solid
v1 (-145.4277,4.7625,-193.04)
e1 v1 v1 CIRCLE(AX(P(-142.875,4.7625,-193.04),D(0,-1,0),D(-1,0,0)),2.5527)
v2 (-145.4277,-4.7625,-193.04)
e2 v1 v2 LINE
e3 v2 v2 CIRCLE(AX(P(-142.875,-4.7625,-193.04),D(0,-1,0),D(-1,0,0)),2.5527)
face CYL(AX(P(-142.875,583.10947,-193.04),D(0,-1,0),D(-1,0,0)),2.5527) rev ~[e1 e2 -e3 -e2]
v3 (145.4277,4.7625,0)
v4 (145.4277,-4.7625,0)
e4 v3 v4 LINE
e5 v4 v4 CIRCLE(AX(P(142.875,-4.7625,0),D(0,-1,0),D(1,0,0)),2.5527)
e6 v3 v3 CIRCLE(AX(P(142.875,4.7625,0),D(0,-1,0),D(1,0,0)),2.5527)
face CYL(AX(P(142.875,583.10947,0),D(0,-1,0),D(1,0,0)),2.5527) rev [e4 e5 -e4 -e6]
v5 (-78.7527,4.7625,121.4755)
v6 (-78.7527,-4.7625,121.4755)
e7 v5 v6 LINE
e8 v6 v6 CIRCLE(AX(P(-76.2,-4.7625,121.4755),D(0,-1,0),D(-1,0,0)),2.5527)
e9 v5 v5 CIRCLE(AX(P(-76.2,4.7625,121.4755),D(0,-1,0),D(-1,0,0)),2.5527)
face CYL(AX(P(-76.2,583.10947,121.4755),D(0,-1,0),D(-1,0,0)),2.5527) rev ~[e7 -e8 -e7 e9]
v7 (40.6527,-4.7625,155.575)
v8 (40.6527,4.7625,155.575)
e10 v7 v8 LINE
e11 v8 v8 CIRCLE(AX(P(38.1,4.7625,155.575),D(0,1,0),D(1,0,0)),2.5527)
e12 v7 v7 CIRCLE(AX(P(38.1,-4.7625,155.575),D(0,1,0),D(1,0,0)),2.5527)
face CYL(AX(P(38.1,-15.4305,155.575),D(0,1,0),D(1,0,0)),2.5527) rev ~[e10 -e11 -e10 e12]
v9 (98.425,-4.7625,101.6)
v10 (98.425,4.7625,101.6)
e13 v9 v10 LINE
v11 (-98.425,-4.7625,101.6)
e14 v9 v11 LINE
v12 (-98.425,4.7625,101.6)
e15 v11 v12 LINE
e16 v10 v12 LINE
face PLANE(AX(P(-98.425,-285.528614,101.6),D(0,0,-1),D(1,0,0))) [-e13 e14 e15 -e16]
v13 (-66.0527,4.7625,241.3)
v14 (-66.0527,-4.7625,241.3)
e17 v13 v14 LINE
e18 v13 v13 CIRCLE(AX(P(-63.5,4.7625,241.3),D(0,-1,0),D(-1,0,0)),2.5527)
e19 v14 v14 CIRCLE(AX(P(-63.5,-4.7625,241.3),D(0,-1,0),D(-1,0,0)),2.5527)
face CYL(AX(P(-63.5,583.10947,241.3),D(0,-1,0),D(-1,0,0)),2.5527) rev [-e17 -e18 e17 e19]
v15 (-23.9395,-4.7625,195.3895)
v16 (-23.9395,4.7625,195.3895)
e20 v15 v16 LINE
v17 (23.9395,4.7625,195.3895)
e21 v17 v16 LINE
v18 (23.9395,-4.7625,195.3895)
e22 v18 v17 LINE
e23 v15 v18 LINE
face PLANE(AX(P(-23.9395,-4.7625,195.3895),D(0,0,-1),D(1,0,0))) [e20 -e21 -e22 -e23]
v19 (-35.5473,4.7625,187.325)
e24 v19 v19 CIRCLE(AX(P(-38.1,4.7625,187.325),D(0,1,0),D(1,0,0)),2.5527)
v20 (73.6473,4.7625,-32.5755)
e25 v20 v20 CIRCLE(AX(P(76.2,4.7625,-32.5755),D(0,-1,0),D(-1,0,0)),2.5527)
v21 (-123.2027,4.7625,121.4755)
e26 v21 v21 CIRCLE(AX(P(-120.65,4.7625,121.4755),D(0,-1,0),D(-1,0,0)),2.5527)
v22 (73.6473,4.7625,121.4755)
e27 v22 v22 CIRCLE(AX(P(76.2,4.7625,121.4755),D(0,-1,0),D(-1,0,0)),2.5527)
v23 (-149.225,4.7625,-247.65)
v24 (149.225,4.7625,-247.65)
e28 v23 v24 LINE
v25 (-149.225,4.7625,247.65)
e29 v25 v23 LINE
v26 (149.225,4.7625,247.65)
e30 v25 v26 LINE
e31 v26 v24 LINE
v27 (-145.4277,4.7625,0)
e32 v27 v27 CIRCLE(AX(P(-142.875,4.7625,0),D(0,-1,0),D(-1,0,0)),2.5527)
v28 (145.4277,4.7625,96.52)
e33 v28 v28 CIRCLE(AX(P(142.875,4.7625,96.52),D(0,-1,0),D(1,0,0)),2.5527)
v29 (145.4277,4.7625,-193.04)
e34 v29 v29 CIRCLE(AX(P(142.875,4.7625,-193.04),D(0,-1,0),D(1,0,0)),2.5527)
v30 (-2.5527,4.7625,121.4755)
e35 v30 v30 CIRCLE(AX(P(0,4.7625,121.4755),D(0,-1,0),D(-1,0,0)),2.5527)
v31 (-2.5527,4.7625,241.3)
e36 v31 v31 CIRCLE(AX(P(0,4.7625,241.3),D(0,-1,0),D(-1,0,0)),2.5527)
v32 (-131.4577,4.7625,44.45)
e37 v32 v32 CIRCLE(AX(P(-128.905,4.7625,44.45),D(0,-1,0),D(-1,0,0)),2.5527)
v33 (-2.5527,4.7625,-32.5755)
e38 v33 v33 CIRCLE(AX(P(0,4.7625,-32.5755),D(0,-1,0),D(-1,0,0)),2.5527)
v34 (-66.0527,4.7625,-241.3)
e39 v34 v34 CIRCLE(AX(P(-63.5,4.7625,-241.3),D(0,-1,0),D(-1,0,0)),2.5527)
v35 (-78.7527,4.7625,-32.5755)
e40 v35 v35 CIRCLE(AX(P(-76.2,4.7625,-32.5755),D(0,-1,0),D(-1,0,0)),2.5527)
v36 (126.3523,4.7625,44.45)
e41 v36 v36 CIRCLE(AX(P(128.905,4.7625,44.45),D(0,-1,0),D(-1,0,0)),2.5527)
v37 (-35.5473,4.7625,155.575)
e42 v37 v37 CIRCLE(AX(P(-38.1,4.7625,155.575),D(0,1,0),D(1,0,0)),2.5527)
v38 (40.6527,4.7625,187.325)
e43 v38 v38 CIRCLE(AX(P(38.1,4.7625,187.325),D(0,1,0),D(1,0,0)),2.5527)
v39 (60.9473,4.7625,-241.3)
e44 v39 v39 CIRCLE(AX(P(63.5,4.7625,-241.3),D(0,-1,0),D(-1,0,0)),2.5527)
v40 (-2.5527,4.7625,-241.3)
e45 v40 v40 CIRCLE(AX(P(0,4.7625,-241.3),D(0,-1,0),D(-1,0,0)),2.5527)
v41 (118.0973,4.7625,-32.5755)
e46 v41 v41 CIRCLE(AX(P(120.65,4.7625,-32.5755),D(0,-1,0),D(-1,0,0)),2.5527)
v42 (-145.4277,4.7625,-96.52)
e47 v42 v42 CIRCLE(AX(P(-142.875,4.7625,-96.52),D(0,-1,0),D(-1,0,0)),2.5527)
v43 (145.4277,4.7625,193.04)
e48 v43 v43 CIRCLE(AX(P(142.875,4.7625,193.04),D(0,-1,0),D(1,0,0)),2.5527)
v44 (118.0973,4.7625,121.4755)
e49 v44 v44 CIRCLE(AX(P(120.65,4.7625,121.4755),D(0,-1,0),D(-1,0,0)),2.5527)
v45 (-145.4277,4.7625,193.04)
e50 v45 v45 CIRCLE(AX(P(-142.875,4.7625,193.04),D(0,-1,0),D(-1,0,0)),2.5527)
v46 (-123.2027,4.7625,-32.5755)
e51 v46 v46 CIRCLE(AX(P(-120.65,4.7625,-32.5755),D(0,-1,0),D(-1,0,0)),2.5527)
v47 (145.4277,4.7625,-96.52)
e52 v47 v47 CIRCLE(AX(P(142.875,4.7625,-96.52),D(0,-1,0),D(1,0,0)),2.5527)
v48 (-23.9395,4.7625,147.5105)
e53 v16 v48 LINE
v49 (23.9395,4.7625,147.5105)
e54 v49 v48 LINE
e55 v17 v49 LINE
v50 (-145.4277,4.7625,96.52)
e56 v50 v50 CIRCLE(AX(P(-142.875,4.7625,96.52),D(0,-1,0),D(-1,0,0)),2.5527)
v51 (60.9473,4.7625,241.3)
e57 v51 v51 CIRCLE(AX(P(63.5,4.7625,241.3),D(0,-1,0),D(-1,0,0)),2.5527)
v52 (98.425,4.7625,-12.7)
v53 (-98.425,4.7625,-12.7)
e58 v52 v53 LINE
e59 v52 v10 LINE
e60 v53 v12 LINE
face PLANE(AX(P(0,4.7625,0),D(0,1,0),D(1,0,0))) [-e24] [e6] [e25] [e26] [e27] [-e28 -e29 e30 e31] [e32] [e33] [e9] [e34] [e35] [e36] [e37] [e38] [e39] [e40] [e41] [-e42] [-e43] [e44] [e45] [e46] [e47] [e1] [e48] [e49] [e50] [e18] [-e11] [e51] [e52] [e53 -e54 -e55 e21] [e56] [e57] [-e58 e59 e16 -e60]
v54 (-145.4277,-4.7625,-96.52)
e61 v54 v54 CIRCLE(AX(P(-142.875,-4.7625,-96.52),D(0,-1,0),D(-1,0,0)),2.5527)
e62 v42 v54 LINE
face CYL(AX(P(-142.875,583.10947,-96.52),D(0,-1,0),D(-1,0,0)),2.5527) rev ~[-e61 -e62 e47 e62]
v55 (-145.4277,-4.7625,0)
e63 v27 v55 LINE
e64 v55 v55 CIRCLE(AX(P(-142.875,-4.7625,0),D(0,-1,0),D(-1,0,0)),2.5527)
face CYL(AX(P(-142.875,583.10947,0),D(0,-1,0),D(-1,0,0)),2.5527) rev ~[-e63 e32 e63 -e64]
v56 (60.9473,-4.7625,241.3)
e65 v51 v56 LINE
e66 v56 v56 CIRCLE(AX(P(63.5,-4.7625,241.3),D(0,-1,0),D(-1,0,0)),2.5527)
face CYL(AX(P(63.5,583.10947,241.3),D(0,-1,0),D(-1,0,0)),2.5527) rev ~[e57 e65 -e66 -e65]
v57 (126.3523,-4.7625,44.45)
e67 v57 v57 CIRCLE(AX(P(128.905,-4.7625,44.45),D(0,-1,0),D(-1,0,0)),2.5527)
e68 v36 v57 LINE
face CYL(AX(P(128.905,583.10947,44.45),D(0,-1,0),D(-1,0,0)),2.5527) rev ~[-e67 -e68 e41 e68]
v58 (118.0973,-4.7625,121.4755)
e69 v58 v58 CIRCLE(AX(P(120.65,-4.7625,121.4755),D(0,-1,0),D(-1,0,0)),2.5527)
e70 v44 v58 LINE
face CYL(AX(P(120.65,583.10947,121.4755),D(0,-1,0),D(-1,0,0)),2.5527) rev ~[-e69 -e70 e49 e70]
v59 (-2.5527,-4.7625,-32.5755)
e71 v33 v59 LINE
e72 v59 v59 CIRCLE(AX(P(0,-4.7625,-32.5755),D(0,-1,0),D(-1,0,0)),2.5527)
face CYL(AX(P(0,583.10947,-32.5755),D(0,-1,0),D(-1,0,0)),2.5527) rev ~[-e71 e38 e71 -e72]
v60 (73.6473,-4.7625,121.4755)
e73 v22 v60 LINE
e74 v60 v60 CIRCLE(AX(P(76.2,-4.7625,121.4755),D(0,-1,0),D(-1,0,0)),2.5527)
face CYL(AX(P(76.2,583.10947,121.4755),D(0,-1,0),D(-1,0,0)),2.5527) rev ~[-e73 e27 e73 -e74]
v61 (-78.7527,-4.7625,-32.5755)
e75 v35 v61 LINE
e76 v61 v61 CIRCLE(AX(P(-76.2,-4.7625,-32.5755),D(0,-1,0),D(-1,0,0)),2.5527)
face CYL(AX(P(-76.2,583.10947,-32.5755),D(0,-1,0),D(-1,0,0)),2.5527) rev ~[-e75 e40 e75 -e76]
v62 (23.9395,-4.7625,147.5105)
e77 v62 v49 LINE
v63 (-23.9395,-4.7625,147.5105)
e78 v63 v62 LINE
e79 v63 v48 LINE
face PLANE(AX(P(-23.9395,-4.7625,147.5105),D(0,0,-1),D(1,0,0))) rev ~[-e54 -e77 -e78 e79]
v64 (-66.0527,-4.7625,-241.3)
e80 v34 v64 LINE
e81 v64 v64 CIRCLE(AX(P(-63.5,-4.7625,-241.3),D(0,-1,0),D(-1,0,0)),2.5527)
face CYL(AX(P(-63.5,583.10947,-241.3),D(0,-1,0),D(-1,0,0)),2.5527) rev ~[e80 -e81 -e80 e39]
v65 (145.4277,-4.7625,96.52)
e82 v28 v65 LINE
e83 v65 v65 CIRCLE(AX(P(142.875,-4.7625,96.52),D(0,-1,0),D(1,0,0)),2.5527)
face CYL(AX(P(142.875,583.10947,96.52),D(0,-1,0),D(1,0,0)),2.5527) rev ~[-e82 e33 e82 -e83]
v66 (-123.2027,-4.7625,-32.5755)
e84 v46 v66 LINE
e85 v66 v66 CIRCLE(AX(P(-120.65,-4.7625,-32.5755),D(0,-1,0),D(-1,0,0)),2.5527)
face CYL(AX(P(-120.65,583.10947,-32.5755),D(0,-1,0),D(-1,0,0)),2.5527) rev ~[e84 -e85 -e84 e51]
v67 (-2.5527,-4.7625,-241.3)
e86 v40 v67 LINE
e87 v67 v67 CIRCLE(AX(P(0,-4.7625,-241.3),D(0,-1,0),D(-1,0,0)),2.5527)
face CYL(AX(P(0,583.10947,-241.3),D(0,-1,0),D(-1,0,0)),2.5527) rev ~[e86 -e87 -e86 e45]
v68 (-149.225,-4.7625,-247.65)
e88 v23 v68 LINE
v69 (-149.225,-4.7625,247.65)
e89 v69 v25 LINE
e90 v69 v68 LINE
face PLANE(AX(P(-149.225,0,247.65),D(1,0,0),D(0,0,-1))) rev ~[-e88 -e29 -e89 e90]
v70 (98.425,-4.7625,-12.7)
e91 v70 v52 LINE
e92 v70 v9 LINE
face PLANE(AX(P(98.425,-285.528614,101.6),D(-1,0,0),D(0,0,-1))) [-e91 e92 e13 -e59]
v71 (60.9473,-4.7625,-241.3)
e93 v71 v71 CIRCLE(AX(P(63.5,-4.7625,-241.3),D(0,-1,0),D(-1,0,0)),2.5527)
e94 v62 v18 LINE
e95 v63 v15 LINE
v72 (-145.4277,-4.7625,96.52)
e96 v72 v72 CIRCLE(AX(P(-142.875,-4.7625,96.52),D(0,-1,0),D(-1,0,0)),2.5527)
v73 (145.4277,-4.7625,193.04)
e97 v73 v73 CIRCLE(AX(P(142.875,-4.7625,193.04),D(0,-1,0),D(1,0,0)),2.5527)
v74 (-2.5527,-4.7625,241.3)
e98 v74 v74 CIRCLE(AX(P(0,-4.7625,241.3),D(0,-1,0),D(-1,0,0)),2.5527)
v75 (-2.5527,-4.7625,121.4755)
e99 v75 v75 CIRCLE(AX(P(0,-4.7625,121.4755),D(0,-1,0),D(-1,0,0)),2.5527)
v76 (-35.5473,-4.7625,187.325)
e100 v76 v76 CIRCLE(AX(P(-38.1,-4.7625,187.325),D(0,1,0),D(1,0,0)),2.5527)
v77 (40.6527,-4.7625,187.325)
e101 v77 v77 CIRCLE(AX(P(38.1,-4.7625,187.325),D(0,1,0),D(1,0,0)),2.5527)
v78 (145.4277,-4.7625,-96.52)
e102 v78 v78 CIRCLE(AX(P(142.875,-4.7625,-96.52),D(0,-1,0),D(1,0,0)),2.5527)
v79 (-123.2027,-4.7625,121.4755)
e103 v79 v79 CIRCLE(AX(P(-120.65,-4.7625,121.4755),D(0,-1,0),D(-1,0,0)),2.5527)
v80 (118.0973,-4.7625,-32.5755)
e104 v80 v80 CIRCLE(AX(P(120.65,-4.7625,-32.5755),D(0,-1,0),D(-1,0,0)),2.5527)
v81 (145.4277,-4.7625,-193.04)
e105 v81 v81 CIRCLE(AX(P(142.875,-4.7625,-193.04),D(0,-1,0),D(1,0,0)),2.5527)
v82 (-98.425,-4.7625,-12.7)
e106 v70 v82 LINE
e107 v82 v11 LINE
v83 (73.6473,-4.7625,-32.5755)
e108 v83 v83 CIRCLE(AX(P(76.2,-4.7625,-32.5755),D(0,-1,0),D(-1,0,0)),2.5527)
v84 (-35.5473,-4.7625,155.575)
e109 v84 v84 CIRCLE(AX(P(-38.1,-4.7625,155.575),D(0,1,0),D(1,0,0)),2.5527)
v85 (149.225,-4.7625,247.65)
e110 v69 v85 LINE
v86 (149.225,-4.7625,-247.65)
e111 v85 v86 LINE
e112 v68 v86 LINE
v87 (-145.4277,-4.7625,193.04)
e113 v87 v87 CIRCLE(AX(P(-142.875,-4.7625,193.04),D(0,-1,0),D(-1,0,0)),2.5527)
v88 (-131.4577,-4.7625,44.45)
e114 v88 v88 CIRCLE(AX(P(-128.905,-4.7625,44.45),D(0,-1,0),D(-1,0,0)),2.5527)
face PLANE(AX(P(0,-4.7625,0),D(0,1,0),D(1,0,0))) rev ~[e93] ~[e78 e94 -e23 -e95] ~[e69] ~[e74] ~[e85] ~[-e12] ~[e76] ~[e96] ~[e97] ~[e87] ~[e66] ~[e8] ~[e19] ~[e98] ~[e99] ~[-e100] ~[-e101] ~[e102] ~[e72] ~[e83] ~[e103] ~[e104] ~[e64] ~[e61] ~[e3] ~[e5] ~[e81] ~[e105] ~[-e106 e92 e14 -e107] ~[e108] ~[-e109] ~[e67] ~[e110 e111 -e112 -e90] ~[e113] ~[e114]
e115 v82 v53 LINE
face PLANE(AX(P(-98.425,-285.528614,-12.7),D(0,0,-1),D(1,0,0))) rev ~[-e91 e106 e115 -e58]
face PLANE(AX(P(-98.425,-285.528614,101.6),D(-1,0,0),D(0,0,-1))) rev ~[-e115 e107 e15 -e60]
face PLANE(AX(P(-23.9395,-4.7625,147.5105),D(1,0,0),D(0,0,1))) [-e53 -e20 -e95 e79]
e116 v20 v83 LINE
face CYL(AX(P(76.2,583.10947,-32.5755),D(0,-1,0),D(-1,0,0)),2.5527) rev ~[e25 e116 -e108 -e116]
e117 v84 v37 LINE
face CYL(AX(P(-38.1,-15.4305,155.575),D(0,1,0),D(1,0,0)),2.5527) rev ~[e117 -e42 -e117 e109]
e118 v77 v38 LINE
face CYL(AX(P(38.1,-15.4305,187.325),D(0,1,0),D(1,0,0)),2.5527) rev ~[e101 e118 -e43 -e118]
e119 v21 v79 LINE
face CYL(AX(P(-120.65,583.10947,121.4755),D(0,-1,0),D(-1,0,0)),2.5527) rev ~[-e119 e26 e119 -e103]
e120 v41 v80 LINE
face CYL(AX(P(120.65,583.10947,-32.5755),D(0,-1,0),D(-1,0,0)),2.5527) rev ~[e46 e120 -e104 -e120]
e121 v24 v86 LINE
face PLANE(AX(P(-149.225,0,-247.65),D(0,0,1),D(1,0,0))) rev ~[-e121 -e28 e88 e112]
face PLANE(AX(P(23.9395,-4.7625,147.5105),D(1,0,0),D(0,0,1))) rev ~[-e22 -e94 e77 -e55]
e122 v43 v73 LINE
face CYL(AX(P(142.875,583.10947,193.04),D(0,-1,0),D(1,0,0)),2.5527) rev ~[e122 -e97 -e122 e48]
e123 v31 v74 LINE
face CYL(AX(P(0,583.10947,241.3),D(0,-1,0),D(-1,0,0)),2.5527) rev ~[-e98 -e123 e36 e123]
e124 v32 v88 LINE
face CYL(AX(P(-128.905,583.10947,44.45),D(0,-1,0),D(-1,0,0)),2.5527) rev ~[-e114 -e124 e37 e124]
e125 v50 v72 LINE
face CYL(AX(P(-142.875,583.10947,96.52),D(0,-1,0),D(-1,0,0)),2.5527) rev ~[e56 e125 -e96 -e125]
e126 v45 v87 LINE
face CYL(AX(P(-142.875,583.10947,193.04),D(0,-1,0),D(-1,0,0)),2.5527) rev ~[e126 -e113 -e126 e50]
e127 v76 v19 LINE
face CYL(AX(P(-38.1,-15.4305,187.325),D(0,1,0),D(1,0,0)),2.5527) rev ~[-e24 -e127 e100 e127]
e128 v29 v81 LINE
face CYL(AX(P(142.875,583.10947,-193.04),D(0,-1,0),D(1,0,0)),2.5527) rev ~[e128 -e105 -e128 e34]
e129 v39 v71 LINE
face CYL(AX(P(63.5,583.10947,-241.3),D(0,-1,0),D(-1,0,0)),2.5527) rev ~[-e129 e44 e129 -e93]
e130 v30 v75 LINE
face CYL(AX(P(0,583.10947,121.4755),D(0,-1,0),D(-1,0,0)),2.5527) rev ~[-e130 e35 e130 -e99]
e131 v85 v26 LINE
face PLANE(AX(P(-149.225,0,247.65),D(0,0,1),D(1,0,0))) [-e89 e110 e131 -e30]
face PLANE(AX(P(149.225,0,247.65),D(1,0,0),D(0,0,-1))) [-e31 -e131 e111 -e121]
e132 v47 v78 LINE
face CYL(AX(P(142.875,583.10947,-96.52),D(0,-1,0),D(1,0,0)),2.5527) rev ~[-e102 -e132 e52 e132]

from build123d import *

# Parameters (mm, degrees)
SKETCH1_W                  = 298.45
SKETCH1_H                  = 495.3
BOSS_EXTRUDE1_DEPTH        = 4.7625
CUT_EXTRUDE1_DEPTH         = 290.291114191
CUT_EXTRUDE1_DEPTH_BACK    = 290.291114191
SKETCH3_W                  = 196.85
SKETCH3_H                  = 114.3
SKETCH20_W                 = 47.879
SKETCH20_H                 = 47.879
CUT_EXTRUDE5_DEPTH         = 290.291114191
F_10_CLEARANCE_HOLE1_D     = 5.1054
F_10_CLEARANCE_HOLE1_DEPTH = 10.668
F_10_CLEARANCE_HOLE1_TIP   = 1.533816902
F_10_CLEARANCE_HOLE4_D     = 5.1054
LPATTERN3_COUNT            = 3
LPATTERN3_PITCH            = 63.5
MIRROR2_COPY_1_D           = 5.1054
MIRROR2_COPY_2_D           = 5.1054
F_10_CLEARANCE_HOLE5_D     = 5.1054
LPATTERN4_COUNT            = 3
LPATTERN4_PITCH            = 96.52
LPATTERN4_COL_COUNT        = 3
LPATTERN4_COL_PITCH        = 96.52
MIRROR3_COPY_1_D           = 5.1054
MIRROR3_COPY_2_D           = 5.1054
MIRROR3_COPY_3_D           = 5.1054
MIRROR3_COPY_4_D           = 5.1054
F_10_CLEARANCE_HOLE6_D     = 5.1054
F_10_CLEARANCE_HOLE7_D     = 5.1054
F_1_4_20_TAPPED_HOLE1_D    = 5.1054


with BuildPart() as part:
    # Sketch1 → Boss-Extrude1 (new, symmetric)
    with BuildSketch(Plane(origin=(0, 0, 0), x_dir=(1, 0, 0), z_dir=(0, 1, 0))):
        Rectangle(SKETCH1_W, SKETCH1_H)
    extrude(amount=BOSS_EXTRUDE1_DEPTH, both=True)

    # Sketch3 → Cut-Extrude1 (cut, two sides: drawn at the far end of the back side and taken through both)
    with BuildSketch(Plane(origin=(0, 4.7625, 0), x_dir=(1, 0, 0), z_dir=(0, 1, 0)).offset(-CUT_EXTRUDE1_DEPTH_BACK)):
        with Locations((0, -44.45)):
            Rectangle(SKETCH3_W, SKETCH3_H)
    extrude(amount=CUT_EXTRUDE1_DEPTH + CUT_EXTRUDE1_DEPTH_BACK, mode=Mode.SUBTRACT)

    # Sketch20 → Cut-Extrude5 (cut, through all)
    with BuildSketch(Plane.XZ.offset(4.7625)):
        with Locations((0, 171.45)):
            Rectangle(SKETCH20_W, SKETCH20_H)
    extrude(amount=-CUT_EXTRUDE5_DEPTH, mode=Mode.SUBTRACT)

    # #10 Clearance Hole1
    with Locations(Plane(origin=(0, -4.7625, 0), x_dir=(-1, 0, 0), z_dir=(0, -1, 0))):
        with Locations((-38.1, -155.575), (38.1, -155.575), (38.1, -187.325), (-38.1, -187.325)):
            Hole(F_10_CLEARANCE_HOLE1_D / 2, depth=F_10_CLEARANCE_HOLE1_DEPTH)
            with Locations((0, 0, -(F_10_CLEARANCE_HOLE1_DEPTH + F_10_CLEARANCE_HOLE1_TIP / 2))):  # 118° drill point
                Cone(0, F_10_CLEARANCE_HOLE1_D / 2, F_10_CLEARANCE_HOLE1_TIP, mode=Mode.SUBTRACT)

    # #10 Clearance Hole4 (through all)
    with Locations(Plane(origin=(0, 4.7625, 0), x_dir=(1, 0, 0), z_dir=(0, 1, 0))):
        with Locations((-63.5, 241.3)):
            f_10_clearance_hole4 = Hole(F_10_CLEARANCE_HOLE4_D / 2)

    # LPattern3: #10 Clearance Hole4 ×3
    with Locations(*[(i * LPATTERN3_PITCH, 0, 0) for i in range(1, LPATTERN3_COUNT)]):
        add(f_10_clearance_hole4, mode=Mode.SUBTRACT)

    # Mirror2: #10 Clearance Hole4 across plane
    add(f_10_clearance_hole4.mirror(Plane.XY), mode=Mode.SUBTRACT)

    # Mirror2 copy 1 (through all)
    with Locations(Plane(origin=(63.5, 4.7625, 0), x_dir=(1, 0, 0), z_dir=(0, 1, 0))):
        with Locations((-63.5, -241.3)):
            Hole(MIRROR2_COPY_1_D / 2)

    # Mirror2 copy 2 (through all)
    with Locations(Plane(origin=(127, 4.7625, 0), x_dir=(1, 0, 0), z_dir=(0, 1, 0))):
        with Locations((-63.5, -241.3)):
            Hole(MIRROR2_COPY_2_D / 2)

    # #10 Clearance Hole5 (through all)
    with Locations(Plane(origin=(0, 4.7625, 0), x_dir=(1, 0, 0), z_dir=(0, 1, 0))):
        with Locations((-142.875, 0)):
            f_10_clearance_hole5 = Hole(F_10_CLEARANCE_HOLE5_D / 2)

    # LPattern4: #10 Clearance Hole5 ×3
    with Locations(*[(0, 0, -i * LPATTERN4_PITCH) for i in range(1, LPATTERN4_COUNT)]):
        add(f_10_clearance_hole5, mode=Mode.SUBTRACT)

    # LPattern4 col: #10 Clearance Hole5 ×3
    with Locations(*[(0, 0, i * LPATTERN4_COL_PITCH) for i in range(1, LPATTERN4_COL_COUNT)]):
        add(f_10_clearance_hole5, mode=Mode.SUBTRACT)

    # Mirror3: #10 Clearance Hole5 across plane
    add(f_10_clearance_hole5.mirror(Plane(origin=(0, 0, 0), x_dir=(0, 0, 1), z_dir=(1, 0, 0))), mode=Mode.SUBTRACT)

    # Mirror3 copy 1 (through all)
    with Locations(Plane(origin=(0, 4.7625, -96.52), x_dir=(-1, 0, 0), z_dir=(0, 1, 0))):
        with Locations((-142.875, 0)):
            Hole(MIRROR3_COPY_1_D / 2)

    # Mirror3 copy 2 (through all)
    with Locations(Plane(origin=(0, 4.7625, -193.04), x_dir=(-1, 0, 0), z_dir=(0, 1, 0))):
        with Locations((-142.875, 0)):
            Hole(MIRROR3_COPY_2_D / 2)

    # Mirror3 copy 3 (through all)
    with Locations(Plane(origin=(0, 4.7625, 96.52), x_dir=(-1, 0, 0), z_dir=(0, 1, 0))):
        with Locations((-142.875, 0)):
            Hole(MIRROR3_COPY_3_D / 2)

    # Mirror3 copy 4 (through all)
    with Locations(Plane(origin=(0, 4.7625, 193.04), x_dir=(-1, 0, 0), z_dir=(0, 1, 0))):
        with Locations((-142.875, 0)):
            Hole(MIRROR3_COPY_4_D / 2)

    # #10 Clearance Hole6 (through all)
    with Locations(Plane(origin=(0, 4.7625, 0), x_dir=(1, 0, 0), z_dir=(0, 1, 0))):
        with Locations((120.65, 32.5755), (120.65, -121.4755), (-120.65, -121.4755), (-120.65, 32.5755)):
            Hole(F_10_CLEARANCE_HOLE6_D / 2)

    # #10 Clearance Hole7 (through all)
    with Locations(Plane(origin=(0, 4.7625, 0), x_dir=(1, 0, 0), z_dir=(0, 1, 0))):
        with Locations((76.2, 32.5755), (0, 32.5755), (-76.2, 32.5755), (76.2, -121.4755), (0, -121.4755), (-76.2, -121.4755)):
            Hole(F_10_CLEARANCE_HOLE7_D / 2)

    # 1/4-20 Tapped Hole1 (through all)
    with Locations(Plane(origin=(0, 4.7625, 0), x_dir=(1, 0, 0), z_dir=(0, 1, 0))):
        with Locations((-128.905, -44.45), (128.905, -44.45)):
            Hole(F_1_4_20_TAPPED_HOLE1_D / 2)


solid = part.part
